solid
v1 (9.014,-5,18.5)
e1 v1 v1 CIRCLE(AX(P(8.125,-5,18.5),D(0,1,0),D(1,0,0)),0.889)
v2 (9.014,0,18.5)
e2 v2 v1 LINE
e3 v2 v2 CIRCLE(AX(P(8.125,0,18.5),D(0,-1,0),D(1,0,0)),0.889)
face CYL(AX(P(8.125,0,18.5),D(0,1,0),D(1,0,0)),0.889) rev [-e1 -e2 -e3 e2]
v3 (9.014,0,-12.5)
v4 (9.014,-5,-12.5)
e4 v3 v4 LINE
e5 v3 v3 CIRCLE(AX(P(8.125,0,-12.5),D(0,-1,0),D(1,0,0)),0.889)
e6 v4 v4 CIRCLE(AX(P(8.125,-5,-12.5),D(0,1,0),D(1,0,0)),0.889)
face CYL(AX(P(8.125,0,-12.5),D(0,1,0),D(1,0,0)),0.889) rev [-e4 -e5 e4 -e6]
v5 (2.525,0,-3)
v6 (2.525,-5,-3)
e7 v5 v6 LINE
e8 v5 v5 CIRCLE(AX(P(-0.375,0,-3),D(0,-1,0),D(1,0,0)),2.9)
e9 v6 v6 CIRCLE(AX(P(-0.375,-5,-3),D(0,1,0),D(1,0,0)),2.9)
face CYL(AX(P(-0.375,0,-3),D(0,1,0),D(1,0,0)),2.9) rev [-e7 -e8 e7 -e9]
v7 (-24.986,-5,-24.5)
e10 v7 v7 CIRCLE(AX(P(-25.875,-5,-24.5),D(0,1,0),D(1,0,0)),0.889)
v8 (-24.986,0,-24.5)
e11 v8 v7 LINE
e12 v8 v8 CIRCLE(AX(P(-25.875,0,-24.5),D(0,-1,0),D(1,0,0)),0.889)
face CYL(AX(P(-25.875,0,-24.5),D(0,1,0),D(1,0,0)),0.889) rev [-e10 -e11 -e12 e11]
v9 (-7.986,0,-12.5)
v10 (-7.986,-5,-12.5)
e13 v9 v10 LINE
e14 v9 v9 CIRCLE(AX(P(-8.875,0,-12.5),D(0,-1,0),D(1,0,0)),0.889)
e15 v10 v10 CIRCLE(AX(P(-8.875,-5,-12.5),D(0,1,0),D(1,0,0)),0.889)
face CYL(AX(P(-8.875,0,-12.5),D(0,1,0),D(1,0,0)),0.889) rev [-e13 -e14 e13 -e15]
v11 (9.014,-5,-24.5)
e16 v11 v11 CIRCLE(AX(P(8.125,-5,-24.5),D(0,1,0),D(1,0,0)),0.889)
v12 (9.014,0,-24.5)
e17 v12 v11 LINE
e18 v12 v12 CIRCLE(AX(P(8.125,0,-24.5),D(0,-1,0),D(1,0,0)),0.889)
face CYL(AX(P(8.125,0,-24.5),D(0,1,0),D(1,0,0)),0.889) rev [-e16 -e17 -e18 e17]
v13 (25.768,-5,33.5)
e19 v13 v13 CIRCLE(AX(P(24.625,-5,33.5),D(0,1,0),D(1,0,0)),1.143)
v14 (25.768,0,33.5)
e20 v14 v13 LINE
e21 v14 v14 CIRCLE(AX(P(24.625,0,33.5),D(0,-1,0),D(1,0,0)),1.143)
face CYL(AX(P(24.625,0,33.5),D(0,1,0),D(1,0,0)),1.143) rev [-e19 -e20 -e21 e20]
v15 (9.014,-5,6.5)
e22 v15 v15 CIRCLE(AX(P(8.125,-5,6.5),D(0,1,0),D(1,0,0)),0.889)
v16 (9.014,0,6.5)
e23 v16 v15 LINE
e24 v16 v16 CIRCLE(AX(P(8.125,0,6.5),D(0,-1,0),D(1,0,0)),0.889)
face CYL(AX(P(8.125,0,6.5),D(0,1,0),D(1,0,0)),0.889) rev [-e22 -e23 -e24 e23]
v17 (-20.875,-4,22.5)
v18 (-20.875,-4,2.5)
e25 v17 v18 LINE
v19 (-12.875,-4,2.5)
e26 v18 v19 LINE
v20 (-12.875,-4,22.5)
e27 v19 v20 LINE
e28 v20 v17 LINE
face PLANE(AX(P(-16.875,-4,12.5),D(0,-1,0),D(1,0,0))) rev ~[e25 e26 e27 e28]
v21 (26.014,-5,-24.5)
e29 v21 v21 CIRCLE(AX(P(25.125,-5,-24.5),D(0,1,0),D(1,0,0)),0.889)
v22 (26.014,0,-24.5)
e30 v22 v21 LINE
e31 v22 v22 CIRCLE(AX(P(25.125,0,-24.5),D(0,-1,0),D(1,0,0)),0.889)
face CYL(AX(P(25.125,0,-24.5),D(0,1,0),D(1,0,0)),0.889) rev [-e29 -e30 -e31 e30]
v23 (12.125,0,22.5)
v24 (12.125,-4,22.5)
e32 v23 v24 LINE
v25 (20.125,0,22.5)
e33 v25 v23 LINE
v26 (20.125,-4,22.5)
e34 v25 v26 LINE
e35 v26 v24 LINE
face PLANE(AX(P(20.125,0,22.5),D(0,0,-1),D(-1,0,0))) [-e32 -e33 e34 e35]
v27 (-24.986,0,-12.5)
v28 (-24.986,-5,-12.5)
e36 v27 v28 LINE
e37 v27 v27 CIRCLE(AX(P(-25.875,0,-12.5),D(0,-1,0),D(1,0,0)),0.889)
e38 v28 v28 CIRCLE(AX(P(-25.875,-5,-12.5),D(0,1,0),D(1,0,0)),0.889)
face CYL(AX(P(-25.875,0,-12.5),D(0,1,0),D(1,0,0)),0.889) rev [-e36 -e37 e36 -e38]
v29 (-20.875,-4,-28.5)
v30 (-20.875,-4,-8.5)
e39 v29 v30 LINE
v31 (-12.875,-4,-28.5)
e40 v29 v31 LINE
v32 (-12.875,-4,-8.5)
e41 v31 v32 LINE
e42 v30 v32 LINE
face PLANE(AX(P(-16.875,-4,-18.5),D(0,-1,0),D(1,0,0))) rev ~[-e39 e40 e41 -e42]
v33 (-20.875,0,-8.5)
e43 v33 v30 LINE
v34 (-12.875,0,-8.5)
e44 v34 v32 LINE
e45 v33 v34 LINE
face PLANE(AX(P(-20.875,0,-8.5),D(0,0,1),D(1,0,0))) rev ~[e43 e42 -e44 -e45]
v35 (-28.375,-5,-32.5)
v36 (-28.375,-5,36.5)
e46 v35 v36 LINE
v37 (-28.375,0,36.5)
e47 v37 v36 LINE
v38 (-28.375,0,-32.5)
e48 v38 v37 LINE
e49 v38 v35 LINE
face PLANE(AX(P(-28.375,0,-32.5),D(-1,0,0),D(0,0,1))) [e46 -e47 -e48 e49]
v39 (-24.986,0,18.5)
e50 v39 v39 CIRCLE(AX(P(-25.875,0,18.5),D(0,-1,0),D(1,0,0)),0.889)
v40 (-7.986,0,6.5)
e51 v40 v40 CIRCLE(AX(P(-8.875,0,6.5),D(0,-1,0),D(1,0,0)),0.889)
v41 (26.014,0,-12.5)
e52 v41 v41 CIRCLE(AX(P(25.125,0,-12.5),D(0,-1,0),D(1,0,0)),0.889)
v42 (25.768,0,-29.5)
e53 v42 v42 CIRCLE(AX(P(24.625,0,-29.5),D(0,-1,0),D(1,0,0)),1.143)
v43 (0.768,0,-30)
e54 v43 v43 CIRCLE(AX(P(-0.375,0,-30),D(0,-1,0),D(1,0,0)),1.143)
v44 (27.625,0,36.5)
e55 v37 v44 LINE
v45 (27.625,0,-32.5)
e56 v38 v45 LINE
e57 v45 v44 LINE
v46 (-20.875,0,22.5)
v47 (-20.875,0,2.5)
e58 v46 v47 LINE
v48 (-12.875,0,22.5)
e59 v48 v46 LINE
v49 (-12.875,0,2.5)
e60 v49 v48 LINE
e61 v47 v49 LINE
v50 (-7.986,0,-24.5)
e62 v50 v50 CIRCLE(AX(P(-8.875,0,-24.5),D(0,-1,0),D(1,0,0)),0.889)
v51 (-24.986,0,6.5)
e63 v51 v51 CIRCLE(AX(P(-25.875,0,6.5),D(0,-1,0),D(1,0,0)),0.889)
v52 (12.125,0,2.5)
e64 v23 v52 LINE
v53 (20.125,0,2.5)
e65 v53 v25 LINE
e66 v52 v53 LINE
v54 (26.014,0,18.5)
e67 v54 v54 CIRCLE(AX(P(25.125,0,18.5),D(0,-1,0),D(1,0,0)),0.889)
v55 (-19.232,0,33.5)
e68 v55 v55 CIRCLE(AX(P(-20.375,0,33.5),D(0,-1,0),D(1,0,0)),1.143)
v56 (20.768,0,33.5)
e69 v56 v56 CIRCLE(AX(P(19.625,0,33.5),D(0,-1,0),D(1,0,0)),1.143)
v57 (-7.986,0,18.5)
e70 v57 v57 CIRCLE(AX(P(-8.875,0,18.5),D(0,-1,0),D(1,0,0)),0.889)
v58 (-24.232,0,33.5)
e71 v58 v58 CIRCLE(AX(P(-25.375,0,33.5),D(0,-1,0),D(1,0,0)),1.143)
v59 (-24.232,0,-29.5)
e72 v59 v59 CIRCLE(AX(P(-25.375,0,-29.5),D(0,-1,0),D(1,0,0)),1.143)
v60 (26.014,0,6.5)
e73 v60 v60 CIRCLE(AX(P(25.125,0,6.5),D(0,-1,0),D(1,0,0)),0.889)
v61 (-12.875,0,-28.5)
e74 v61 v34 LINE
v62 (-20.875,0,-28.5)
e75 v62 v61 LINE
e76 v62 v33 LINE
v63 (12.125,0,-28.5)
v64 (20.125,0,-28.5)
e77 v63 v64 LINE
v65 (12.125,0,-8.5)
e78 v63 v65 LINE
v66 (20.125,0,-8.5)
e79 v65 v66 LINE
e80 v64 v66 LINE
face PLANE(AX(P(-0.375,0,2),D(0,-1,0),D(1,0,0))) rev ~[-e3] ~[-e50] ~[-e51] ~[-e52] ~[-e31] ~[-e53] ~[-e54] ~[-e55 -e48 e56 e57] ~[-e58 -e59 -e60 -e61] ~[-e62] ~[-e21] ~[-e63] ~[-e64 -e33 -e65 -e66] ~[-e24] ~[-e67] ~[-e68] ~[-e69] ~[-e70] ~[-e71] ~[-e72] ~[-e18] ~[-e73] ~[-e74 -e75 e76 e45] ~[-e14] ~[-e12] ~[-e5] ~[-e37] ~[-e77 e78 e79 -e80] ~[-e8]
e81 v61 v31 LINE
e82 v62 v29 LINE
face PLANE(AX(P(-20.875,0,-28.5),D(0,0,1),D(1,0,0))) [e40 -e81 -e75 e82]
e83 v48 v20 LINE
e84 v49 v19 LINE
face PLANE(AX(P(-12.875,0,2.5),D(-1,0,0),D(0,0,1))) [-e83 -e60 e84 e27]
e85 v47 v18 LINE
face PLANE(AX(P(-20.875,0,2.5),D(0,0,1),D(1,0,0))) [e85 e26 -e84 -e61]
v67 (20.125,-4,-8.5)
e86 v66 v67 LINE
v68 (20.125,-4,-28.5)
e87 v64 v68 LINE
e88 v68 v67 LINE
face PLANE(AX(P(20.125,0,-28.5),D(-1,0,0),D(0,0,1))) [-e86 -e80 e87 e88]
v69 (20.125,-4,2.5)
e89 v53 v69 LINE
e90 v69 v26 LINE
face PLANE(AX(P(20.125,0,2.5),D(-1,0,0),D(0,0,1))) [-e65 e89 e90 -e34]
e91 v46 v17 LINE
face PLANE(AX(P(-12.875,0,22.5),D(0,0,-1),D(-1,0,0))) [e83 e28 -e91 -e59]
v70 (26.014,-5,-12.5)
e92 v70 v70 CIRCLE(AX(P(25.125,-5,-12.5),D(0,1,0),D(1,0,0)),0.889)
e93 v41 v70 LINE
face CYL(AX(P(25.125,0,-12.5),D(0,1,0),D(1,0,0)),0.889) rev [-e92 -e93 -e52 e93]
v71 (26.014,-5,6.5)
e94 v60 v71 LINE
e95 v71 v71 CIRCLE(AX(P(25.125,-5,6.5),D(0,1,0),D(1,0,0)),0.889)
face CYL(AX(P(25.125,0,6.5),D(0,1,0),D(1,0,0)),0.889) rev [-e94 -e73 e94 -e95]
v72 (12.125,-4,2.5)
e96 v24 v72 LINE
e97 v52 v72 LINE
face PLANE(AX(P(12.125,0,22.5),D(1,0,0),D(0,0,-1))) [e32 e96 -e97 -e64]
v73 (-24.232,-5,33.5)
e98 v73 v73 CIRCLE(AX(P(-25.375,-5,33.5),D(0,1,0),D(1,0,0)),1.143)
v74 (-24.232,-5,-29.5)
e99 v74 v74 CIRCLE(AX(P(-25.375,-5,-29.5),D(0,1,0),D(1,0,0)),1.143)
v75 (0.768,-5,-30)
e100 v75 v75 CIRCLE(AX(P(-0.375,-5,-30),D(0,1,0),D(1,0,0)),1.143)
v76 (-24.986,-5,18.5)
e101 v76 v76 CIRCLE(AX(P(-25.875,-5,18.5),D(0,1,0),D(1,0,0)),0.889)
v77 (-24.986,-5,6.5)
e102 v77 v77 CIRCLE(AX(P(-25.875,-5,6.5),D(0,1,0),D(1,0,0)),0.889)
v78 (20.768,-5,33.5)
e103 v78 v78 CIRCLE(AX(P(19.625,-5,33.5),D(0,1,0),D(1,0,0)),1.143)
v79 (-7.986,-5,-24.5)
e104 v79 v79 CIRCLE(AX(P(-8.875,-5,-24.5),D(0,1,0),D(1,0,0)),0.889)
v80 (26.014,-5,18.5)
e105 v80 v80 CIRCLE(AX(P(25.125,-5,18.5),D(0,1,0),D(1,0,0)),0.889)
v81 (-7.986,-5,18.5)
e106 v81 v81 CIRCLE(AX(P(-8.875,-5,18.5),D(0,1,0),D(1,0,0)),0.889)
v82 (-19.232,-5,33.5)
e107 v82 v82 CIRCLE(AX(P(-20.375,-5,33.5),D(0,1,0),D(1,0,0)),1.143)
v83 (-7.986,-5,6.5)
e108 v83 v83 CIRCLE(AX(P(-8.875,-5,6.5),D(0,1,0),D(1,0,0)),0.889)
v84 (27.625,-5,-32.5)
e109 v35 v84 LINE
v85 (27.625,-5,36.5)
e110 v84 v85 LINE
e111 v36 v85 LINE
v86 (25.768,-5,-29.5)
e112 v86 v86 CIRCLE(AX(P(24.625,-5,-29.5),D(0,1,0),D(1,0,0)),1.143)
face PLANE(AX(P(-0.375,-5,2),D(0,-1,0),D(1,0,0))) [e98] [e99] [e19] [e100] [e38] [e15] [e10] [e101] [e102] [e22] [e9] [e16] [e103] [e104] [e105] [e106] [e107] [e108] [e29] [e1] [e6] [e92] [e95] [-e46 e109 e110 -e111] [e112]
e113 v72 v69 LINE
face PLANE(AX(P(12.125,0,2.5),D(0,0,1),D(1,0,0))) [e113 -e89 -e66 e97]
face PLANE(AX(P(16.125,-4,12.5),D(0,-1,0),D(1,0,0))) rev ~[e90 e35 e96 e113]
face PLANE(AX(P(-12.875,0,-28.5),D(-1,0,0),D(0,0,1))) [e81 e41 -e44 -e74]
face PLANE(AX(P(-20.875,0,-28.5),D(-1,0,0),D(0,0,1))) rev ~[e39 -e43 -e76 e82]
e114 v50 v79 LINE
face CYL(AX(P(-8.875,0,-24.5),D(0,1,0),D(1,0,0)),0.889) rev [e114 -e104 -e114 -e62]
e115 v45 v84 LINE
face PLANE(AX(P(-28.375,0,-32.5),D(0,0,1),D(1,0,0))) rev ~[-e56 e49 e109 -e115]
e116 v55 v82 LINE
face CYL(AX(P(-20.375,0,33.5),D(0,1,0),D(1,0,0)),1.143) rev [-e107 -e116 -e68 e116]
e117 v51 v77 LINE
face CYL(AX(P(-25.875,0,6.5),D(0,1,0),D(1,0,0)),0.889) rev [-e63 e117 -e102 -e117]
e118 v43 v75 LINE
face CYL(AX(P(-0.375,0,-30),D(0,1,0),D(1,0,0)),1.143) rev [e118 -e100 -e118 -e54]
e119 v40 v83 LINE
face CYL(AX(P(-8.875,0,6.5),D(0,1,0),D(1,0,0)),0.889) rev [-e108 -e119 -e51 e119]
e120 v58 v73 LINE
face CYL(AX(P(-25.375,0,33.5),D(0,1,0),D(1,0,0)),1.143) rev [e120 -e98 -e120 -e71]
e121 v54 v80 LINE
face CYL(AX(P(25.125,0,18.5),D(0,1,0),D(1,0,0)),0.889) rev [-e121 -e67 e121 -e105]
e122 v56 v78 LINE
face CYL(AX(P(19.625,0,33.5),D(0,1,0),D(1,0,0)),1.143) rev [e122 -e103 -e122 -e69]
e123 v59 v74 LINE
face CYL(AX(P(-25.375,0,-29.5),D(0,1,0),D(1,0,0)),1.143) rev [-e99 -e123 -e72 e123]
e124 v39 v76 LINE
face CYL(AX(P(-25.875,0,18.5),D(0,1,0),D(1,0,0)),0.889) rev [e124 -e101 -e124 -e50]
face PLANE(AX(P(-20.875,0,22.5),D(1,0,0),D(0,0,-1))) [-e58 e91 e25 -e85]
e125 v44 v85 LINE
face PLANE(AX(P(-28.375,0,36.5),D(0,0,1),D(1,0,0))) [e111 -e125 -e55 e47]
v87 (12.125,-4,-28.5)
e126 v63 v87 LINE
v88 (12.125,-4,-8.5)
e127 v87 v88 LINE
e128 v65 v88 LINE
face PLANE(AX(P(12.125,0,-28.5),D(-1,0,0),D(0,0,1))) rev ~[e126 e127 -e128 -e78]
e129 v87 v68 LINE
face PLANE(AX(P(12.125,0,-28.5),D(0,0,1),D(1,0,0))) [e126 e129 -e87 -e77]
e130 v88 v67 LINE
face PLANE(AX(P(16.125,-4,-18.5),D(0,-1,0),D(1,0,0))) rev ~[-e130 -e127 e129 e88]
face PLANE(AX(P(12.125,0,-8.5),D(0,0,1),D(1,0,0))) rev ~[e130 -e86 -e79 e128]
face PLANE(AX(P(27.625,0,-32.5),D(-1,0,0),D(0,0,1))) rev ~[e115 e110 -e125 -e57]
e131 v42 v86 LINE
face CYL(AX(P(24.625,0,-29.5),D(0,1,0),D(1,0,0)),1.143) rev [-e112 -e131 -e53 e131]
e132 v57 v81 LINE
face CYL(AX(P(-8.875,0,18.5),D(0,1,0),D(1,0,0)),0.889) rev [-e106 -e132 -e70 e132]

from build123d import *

# Parameters (mm, degrees)
F1_W     = 56
F1_H     = 69
F4_DEPTH = 5
F2_W     = 8
F2_H     = 20
F5_DEPTH = 4
F3_R     = 0.889
F3_R_2   = 1.143
F3_R_3   = 2.9
F6_DEPTH = 5.001


with BuildPart() as f4:
    # F1 (on Front) → F4 (new body)
    with BuildSketch(Plane.XZ):
        with Locations((-0.375, 2)):
            Rectangle(F1_W, F1_H)
    extrude(amount=F4_DEPTH)

    # F2 (on Front) → F5 (cut)
    with BuildSketch(Plane.XZ):
        Polygon((-20.875, 12.5), (-20.875, 2.5), (-12.875, 2.5), (-12.875, 22.5), (-20.875, 22.5), align=None)
        with Locations((-16.875, -18.5)):
            Rectangle(F2_W, F2_H)
        Polygon((20.125, 12.5), (20.125, 22.5), (12.125, 22.5), (12.125, 2.5), (20.125, 2.5), align=None)
        with Locations((16.125, -18.5)):
            Rectangle(F2_W, F2_H)
    extrude(amount=F5_DEPTH, mode=Mode.SUBTRACT)

    # F3 (on Front) → F6 (cut, through all)
    with BuildSketch(Plane.XZ):
        with Locations((-25.875, 18.5)):
            Circle(F3_R)
        with Locations((-25.875, 6.5)):
            Circle(F3_R)
        with Locations((-8.875, 18.5)):
            Circle(F3_R)
        with Locations((-8.875, 6.5)):
            Circle(F3_R)
        with Locations((-8.875, -12.5)):
            Circle(F3_R)
        with Locations((-25.875, -12.5)):
            Circle(F3_R)
        with Locations((-25.875, -24.5)):
            Circle(F3_R)
        with Locations((-8.875, -24.5)):
            Circle(F3_R)
        with Locations((-0.375, -30)):
            Circle(F3_R_2)
        with Locations((-25.375, -29.5)):
            Circle(F3_R_2)
        with Locations((-0.375, -3)):
            Circle(F3_R_3)
        with Locations((-25.375, 33.5)):
            Circle(F3_R_2)
        with Locations((8.125, 18.5)):
            Circle(F3_R)
        with Locations((8.125, 6.5)):
            Circle(F3_R)
        with Locations((25.125, 18.5)):
            Circle(F3_R)
        with Locations((24.625, 33.5)):
            Circle(F3_R_2)
        with Locations((8.125, -12.5)):
            Circle(F3_R)
        with Locations((8.125, -24.5)):
            Circle(F3_R)
        with Locations((25.125, -12.5)):
            Circle(F3_R)
        with Locations((25.125, -24.5)):
            Circle(F3_R)
        with Locations((24.625, -29.5)):
            Circle(F3_R_2)
        with Locations((25.125, 6.5)):
            Circle(F3_R)
        with Locations((-20.375, 33.5)):
            Circle(F3_R_2)
        with Locations((19.625, 33.5)):
            Circle(F3_R_2)
    extrude(amount=F6_DEPTH, mode=Mode.SUBTRACT)


solid = f4.part
